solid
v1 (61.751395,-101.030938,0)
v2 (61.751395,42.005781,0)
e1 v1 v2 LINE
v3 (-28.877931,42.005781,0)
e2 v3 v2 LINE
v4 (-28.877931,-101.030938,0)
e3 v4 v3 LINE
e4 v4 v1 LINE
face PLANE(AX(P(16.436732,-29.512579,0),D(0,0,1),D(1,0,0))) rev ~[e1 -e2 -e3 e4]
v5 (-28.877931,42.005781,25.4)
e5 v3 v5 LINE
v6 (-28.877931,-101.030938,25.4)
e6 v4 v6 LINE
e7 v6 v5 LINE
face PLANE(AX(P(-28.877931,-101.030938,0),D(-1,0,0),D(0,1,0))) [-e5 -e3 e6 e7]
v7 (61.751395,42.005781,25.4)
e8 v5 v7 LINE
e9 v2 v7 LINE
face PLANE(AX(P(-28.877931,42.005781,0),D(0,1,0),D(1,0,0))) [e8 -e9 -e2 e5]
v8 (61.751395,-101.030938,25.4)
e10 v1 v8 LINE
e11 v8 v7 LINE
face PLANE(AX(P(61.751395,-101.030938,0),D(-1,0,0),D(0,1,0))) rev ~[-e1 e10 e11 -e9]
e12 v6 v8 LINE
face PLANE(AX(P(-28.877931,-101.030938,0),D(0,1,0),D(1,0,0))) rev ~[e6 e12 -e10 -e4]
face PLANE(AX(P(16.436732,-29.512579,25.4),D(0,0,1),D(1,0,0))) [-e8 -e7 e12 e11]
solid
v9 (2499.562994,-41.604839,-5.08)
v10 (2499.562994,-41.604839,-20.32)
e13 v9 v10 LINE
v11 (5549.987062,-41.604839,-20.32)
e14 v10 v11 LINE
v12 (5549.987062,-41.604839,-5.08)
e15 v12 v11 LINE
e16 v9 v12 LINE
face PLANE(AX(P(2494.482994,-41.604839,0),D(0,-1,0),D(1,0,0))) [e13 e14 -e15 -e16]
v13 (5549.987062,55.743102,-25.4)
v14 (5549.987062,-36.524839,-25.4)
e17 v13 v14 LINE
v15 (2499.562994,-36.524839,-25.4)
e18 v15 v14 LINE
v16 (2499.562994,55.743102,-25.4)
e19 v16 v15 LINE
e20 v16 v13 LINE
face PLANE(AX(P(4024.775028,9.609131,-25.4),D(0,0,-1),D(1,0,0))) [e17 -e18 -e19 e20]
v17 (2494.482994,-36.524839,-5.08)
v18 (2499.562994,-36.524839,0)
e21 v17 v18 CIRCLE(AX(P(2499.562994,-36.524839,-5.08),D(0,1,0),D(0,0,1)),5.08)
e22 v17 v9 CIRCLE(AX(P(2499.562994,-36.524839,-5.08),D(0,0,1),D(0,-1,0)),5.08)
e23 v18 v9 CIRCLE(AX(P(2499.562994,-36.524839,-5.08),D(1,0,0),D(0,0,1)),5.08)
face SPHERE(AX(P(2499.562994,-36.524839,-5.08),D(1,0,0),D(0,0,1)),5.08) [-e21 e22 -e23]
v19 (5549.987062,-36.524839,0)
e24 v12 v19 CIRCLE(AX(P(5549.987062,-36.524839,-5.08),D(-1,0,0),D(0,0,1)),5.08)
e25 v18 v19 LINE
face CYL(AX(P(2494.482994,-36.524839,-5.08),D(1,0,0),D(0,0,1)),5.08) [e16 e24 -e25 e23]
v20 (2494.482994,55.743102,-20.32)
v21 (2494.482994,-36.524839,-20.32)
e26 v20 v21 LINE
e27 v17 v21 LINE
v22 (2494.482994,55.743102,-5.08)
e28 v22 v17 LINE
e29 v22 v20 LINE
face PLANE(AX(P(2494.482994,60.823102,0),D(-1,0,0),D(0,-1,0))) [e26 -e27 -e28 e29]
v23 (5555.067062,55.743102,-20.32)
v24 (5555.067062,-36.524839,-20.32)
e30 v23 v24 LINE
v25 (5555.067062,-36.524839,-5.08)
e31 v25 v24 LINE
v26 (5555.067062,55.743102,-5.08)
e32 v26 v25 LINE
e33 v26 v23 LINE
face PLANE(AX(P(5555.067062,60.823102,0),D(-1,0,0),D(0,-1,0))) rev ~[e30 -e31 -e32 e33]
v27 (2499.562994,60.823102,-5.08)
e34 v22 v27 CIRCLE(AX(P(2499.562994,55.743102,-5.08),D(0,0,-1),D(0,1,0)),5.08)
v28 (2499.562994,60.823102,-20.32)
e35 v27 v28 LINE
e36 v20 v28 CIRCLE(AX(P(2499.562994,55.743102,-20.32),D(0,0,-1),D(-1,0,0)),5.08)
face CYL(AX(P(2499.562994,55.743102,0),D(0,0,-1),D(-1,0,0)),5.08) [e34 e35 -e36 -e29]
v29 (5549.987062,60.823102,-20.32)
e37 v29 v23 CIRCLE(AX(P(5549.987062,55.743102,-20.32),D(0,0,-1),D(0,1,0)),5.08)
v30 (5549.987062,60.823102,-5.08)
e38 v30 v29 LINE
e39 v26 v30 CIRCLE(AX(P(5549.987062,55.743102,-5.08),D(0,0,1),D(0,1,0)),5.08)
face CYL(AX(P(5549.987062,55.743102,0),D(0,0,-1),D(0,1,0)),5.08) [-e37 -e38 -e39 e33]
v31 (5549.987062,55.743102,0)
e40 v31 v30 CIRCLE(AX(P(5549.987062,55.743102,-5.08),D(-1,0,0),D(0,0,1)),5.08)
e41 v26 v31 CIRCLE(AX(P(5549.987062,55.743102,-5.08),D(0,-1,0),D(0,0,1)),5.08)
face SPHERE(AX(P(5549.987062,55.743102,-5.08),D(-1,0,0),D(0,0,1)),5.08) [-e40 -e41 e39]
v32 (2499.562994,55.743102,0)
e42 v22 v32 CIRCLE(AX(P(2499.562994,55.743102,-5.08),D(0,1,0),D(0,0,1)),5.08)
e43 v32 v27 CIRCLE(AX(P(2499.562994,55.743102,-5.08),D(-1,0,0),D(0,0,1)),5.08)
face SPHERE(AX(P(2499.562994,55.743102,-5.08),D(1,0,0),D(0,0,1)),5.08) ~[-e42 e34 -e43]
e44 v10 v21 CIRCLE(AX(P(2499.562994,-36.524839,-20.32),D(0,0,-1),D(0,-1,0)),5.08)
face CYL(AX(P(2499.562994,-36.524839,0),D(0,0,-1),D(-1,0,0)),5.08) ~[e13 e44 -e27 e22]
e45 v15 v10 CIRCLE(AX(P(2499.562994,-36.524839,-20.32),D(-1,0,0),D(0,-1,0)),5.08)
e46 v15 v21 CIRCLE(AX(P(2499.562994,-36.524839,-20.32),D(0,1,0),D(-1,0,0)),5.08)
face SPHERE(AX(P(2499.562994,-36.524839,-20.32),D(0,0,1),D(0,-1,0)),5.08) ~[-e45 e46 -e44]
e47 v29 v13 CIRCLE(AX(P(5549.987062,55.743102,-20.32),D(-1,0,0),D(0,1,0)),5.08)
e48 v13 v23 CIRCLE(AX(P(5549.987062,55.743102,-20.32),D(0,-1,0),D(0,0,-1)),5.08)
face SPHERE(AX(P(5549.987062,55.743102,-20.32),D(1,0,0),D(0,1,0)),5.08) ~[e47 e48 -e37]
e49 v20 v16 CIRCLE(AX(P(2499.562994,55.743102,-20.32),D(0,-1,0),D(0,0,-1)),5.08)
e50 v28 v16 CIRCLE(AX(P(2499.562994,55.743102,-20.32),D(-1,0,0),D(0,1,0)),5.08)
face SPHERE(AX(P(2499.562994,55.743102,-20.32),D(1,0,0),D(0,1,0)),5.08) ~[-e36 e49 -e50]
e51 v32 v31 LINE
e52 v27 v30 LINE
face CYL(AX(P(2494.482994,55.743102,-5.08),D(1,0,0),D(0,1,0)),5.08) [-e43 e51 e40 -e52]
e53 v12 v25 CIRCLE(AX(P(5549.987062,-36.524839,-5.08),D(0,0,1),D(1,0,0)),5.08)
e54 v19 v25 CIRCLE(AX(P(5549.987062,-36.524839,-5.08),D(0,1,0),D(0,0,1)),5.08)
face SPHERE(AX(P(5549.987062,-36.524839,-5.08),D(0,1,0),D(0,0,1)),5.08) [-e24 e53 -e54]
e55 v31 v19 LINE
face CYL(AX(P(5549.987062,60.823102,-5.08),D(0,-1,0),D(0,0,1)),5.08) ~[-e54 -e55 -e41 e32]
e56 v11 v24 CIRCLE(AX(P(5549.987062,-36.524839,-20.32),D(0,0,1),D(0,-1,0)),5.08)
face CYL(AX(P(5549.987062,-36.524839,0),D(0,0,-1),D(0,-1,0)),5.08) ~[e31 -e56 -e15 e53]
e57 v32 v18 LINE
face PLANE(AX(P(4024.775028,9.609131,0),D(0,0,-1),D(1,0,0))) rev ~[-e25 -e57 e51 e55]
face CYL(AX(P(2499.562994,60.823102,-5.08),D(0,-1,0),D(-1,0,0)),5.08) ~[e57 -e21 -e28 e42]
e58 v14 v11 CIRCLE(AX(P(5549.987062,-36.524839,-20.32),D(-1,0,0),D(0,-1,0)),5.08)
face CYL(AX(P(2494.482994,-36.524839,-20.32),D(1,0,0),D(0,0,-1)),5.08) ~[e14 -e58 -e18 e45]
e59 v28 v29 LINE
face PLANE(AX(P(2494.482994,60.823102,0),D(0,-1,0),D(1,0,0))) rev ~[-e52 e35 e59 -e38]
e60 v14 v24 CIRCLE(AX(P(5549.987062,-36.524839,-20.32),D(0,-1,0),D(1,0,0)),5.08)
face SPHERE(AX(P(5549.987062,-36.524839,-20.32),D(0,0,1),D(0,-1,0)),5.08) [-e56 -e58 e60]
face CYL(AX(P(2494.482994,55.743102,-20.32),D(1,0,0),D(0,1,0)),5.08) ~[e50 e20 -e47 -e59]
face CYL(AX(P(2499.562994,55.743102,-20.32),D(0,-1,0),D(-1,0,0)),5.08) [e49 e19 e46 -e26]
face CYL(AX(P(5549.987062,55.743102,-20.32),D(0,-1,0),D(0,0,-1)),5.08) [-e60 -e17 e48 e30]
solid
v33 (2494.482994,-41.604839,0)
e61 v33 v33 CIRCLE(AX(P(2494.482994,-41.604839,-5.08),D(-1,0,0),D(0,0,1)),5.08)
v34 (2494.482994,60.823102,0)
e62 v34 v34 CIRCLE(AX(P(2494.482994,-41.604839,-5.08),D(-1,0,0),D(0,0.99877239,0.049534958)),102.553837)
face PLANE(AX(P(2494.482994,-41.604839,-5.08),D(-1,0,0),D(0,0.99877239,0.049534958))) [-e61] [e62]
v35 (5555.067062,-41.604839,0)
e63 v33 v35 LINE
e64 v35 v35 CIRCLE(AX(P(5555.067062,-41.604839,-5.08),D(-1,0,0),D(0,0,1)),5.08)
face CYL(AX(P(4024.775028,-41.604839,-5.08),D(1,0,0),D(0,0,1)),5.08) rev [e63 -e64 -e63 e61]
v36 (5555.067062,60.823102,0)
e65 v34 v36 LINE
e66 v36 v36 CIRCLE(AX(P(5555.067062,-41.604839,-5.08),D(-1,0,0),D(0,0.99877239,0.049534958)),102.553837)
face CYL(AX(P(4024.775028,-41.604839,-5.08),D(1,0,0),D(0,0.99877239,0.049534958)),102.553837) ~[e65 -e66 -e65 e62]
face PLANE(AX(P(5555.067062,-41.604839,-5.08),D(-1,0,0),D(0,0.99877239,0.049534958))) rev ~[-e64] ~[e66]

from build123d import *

# Parameters (mm, degrees)
F0_W     = 90.6293261796
F0_H     = 143.0367194116
F1_DEPTH = 25.4
F2_W     = 3060.5840682983
F2_H     = 102.4279408157
F3_DEPTH = 25.4
F4_R     = 5.08
F5_R     = 5.08


with BuildPart() as f1:
    # F0 (on Top) → F1 (new body)
    with BuildSketch(Plane.XY):
        with Locations((16.4367323741, -29.5125786215)):
            Rectangle(F0_W, F0_H)
    extrude(amount=F1_DEPTH)


with BuildPart() as f3:
    # F2 (on face) → F3 (new body)
    with BuildSketch(Plane(origin=(0, 0, 0), x_dir=(1, 0, 0), z_dir=(0, 0, -1))):
        with Locations((4024.7750282288, -9.6091311425)):
            Rectangle(F2_W, F2_H)
    extrude(amount=F3_DEPTH)

    # F4
    f4_edges = [f3.edges().sort_by_distance(p)[0] for p in [
        (4024.775028, 60.823102, -25.4),
    ]]
    fillet(f4_edges, radius=F4_R)

    # F5
    f5_edges = [f3.edges().sort_by_distance(p)[0] for p in [
        (4024.775028, 60.823102, 0),
        (5555.067062, 9.609131, 0),
        (4024.775028, -41.604839, 0),
        (2494.482994, 9.609131, 0),
        (5555.067062, -41.604839, -12.7),
        (2494.482994, -41.604839, -12.7),
        (4024.775028, -41.604839, -25.4),
        (2494.482994, 59.335204, -23.912102),
        (4024.775028, 60.823102, -20.32),
        (4024.775028, 55.743102, -25.4),
        (5555.067062, 59.335204, -23.912102),
        (2494.482994, 60.823102, -10.16),
        (5555.067062, 60.823102, -10.16),
        (5555.067062, 7.069131, -25.4),
        (2494.482994, 7.069131, -25.4),
    ]]
    fillet(f5_edges, radius=F5_R)


with BuildPart() as f6:
    # F2 (on face) → F6 (revolve)
    with BuildSketch(Plane(origin=(0, 0, 0), x_dir=(1, 0, 0), z_dir=(0, 0, -1))):
        with Locations((4024.7750282288, -9.6091311425)):
            Rectangle(F2_W, F2_H)
    revolve(axis=Axis((4024.7750282288, -41.6048392653, -5.08), (-1, 0, 0)))


solid = Compound([f1.part, f3.part, f6.part])
